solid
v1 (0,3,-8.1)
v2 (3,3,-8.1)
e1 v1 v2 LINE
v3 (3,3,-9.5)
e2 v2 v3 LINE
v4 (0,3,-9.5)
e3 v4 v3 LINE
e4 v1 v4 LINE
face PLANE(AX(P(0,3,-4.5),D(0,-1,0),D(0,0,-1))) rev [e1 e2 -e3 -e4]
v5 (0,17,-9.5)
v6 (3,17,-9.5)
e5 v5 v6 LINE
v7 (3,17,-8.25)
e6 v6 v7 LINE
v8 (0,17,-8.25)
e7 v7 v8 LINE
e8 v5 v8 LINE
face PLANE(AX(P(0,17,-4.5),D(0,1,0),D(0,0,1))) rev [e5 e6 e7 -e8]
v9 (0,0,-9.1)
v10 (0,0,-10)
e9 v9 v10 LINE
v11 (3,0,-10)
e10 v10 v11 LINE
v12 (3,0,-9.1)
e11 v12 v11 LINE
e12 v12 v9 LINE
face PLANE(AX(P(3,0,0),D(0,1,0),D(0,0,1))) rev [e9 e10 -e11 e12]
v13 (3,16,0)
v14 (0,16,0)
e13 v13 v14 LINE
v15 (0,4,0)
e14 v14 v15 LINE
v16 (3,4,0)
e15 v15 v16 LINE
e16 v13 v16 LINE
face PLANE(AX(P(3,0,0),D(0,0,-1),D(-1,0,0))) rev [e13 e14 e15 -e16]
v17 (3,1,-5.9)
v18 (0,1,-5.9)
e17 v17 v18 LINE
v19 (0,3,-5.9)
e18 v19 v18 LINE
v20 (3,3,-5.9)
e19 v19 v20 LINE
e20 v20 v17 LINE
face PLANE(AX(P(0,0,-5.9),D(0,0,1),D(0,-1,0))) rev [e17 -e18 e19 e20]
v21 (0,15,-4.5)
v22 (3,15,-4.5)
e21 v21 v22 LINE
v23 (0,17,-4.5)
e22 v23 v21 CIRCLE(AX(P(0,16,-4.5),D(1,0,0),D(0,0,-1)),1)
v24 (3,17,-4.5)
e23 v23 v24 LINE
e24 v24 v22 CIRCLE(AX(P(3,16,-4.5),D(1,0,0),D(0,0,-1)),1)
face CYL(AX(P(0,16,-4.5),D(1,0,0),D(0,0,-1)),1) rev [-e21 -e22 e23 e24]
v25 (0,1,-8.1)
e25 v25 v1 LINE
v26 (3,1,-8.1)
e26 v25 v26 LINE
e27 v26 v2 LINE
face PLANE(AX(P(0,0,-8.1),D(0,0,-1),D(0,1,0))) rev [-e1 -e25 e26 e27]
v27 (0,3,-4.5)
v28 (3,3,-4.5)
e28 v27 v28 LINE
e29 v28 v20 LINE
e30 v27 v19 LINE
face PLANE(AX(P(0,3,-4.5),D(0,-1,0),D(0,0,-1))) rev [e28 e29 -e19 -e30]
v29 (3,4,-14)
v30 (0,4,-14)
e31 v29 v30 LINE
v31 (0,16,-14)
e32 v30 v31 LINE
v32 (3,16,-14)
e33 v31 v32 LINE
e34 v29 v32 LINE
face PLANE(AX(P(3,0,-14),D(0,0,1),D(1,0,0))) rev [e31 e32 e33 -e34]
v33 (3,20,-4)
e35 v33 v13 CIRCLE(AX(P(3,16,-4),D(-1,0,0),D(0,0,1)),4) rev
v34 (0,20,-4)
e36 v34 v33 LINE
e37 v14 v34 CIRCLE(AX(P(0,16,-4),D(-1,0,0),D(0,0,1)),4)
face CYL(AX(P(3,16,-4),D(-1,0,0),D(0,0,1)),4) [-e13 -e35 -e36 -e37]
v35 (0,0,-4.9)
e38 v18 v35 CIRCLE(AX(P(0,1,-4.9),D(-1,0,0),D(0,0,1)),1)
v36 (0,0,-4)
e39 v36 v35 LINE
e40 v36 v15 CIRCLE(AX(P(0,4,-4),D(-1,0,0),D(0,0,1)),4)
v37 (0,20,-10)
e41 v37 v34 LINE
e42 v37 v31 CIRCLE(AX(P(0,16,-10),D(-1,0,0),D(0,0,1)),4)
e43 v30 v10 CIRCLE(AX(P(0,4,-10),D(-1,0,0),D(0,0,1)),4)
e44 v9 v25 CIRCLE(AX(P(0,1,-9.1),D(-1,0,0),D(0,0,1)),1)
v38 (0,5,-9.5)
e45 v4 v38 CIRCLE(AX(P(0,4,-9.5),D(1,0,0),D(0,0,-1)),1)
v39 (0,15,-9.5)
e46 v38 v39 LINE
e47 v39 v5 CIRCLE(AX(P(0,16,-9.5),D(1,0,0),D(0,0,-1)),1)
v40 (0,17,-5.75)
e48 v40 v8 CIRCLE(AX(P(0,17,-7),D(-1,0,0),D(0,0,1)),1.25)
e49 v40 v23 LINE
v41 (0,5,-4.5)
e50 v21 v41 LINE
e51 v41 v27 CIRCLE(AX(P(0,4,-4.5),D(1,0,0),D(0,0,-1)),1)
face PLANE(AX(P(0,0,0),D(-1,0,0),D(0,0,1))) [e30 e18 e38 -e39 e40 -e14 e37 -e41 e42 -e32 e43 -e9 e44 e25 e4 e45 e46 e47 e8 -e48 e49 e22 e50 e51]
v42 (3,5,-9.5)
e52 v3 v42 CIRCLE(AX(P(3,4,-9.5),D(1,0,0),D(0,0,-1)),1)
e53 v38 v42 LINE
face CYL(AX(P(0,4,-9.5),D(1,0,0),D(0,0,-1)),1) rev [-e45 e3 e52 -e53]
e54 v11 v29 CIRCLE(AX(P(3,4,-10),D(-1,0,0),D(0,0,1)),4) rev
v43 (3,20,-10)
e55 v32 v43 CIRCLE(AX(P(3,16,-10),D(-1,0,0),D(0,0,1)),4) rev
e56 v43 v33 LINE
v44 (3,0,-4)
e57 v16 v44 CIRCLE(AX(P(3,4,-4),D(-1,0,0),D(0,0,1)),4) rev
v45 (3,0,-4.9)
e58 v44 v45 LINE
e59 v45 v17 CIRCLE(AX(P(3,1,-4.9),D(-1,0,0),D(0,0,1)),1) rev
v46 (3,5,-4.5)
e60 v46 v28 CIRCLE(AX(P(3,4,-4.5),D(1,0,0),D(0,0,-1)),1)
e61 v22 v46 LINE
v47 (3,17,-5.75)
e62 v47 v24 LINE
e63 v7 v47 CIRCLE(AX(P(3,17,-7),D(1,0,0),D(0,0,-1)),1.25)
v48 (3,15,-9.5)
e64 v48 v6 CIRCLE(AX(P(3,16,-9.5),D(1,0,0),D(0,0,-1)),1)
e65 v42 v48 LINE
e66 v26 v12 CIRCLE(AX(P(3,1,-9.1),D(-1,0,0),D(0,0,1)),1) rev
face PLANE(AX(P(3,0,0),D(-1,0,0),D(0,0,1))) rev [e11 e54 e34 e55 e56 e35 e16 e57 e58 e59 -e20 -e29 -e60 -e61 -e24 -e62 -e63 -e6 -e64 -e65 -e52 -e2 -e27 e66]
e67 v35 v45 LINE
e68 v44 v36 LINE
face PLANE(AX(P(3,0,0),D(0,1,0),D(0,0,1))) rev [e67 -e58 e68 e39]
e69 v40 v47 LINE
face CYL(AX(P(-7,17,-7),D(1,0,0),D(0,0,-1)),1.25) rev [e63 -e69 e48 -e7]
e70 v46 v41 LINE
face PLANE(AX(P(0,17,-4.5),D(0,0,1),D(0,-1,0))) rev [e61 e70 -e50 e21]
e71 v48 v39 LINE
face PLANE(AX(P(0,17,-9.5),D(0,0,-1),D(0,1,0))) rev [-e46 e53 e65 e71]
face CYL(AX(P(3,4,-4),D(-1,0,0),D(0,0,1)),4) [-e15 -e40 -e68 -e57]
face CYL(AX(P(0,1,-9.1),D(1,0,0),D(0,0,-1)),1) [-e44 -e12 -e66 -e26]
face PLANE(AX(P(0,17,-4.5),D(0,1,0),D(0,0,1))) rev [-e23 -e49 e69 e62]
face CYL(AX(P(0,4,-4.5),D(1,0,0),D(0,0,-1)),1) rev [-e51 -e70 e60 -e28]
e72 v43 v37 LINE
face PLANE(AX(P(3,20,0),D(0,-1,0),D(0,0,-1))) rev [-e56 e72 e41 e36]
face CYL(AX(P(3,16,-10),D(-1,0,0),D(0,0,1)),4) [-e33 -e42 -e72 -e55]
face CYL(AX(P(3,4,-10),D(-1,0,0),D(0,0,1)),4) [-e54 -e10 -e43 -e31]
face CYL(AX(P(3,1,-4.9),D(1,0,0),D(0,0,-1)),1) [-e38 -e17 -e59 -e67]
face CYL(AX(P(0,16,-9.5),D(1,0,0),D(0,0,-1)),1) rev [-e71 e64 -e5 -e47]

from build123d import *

# Parameters (mm, degrees)
SKETCH_1_W          = 14
SKETCH_1_H          = 20
EXTRUDE_1_DEPTH     = 3
SKETCH_2_W          = 5
SKETCH_2_H          = 14
CUT_EXTRUDE_1_DEPTH = 3
SKETCH_3_R          = 1
CUT_EXTRUDE_2_DEPTH = 3
SKETCH_4_W          = 2.2
SKETCH_4_H          = 3
CUT_EXTRUDE_3_DEPTH = 3
FILLET_1_R          = 4
FILLET_2_R          = 1
SKETCH_5_R          = 1.25
CUT_EXTRUDE_4_DEPTH = 10


with BuildPart() as part:
    # 스케치1 → 보스-돌출1 (new body)
    with BuildSketch(Plane(origin=(0, 0, 0), x_dir=(0, 0, -1), z_dir=(1, 0, 0))):
        with Locations((7, 10)):
            Rectangle(SKETCH_1_W, SKETCH_1_H)
    extrude(amount=EXTRUDE_1_DEPTH)

    # 스케치2 → 컷-돌출1 (cut)
    with BuildSketch(Plane(origin=(3, 0, 0), x_dir=(0, 0, -1), z_dir=(1, 0, 0))):
        with Locations((7, 10)):
            Rectangle(SKETCH_2_W, SKETCH_2_H)
    extrude(amount=-CUT_EXTRUDE_1_DEPTH, mode=Mode.SUBTRACT)

    # 스케치3 → 컷-돌출2 (cut)
    with BuildSketch(Plane(origin=(3, 0, 0), x_dir=(0, 0, -1), z_dir=(1, 0, 0))):
        with Locations((9.5, 16)):
            Circle(SKETCH_3_R)
        with Locations((4.5, 16)):
            Circle(SKETCH_3_R)
        with Locations((4.5, 4)):
            Circle(SKETCH_3_R)
        with Locations((9.5, 4)):
            Circle(SKETCH_3_R)
    extrude(amount=-CUT_EXTRUDE_2_DEPTH, mode=Mode.SUBTRACT)

    # 스케치4 → 컷-돌출3 (cut)
    with BuildSketch(Plane(origin=(3, 0, 0), x_dir=(0, 0, -1), z_dir=(1, 0, 0))):
        with Locations((7, 1.5)):
            Rectangle(SKETCH_4_W, SKETCH_4_H)
    extrude(amount=-CUT_EXTRUDE_3_DEPTH, mode=Mode.SUBTRACT)

    # 필렛1
    fillet_1_edges = [part.edges().sort_by_distance(p)[0] for p in [
        (1.5, 20, 0),
        (1.5, 20, -14),
        (1.5, 0, -14),
        (1.5, 0, 0),
    ]]
    fillet(fillet_1_edges, radius=FILLET_1_R)

    # 필렛2
    fillet_2_edges = [part.edges().sort_by_distance(p)[0] for p in [
        (1.5, 0, -8.1),
        (1.5, 0, -5.9),
    ]]
    fillet(fillet_2_edges, radius=FILLET_2_R)

    # 스케치5 → 컷-돌출4 (cut)
    with BuildSketch(Plane(origin=(3, 0, 0), x_dir=(0, 0, -1), z_dir=(1, 0, 0))):
        with Locations((7, 17)):
            Circle(SKETCH_5_R)
    extrude(amount=-CUT_EXTRUDE_4_DEPTH, mode=Mode.SUBTRACT)


solid = part.part
